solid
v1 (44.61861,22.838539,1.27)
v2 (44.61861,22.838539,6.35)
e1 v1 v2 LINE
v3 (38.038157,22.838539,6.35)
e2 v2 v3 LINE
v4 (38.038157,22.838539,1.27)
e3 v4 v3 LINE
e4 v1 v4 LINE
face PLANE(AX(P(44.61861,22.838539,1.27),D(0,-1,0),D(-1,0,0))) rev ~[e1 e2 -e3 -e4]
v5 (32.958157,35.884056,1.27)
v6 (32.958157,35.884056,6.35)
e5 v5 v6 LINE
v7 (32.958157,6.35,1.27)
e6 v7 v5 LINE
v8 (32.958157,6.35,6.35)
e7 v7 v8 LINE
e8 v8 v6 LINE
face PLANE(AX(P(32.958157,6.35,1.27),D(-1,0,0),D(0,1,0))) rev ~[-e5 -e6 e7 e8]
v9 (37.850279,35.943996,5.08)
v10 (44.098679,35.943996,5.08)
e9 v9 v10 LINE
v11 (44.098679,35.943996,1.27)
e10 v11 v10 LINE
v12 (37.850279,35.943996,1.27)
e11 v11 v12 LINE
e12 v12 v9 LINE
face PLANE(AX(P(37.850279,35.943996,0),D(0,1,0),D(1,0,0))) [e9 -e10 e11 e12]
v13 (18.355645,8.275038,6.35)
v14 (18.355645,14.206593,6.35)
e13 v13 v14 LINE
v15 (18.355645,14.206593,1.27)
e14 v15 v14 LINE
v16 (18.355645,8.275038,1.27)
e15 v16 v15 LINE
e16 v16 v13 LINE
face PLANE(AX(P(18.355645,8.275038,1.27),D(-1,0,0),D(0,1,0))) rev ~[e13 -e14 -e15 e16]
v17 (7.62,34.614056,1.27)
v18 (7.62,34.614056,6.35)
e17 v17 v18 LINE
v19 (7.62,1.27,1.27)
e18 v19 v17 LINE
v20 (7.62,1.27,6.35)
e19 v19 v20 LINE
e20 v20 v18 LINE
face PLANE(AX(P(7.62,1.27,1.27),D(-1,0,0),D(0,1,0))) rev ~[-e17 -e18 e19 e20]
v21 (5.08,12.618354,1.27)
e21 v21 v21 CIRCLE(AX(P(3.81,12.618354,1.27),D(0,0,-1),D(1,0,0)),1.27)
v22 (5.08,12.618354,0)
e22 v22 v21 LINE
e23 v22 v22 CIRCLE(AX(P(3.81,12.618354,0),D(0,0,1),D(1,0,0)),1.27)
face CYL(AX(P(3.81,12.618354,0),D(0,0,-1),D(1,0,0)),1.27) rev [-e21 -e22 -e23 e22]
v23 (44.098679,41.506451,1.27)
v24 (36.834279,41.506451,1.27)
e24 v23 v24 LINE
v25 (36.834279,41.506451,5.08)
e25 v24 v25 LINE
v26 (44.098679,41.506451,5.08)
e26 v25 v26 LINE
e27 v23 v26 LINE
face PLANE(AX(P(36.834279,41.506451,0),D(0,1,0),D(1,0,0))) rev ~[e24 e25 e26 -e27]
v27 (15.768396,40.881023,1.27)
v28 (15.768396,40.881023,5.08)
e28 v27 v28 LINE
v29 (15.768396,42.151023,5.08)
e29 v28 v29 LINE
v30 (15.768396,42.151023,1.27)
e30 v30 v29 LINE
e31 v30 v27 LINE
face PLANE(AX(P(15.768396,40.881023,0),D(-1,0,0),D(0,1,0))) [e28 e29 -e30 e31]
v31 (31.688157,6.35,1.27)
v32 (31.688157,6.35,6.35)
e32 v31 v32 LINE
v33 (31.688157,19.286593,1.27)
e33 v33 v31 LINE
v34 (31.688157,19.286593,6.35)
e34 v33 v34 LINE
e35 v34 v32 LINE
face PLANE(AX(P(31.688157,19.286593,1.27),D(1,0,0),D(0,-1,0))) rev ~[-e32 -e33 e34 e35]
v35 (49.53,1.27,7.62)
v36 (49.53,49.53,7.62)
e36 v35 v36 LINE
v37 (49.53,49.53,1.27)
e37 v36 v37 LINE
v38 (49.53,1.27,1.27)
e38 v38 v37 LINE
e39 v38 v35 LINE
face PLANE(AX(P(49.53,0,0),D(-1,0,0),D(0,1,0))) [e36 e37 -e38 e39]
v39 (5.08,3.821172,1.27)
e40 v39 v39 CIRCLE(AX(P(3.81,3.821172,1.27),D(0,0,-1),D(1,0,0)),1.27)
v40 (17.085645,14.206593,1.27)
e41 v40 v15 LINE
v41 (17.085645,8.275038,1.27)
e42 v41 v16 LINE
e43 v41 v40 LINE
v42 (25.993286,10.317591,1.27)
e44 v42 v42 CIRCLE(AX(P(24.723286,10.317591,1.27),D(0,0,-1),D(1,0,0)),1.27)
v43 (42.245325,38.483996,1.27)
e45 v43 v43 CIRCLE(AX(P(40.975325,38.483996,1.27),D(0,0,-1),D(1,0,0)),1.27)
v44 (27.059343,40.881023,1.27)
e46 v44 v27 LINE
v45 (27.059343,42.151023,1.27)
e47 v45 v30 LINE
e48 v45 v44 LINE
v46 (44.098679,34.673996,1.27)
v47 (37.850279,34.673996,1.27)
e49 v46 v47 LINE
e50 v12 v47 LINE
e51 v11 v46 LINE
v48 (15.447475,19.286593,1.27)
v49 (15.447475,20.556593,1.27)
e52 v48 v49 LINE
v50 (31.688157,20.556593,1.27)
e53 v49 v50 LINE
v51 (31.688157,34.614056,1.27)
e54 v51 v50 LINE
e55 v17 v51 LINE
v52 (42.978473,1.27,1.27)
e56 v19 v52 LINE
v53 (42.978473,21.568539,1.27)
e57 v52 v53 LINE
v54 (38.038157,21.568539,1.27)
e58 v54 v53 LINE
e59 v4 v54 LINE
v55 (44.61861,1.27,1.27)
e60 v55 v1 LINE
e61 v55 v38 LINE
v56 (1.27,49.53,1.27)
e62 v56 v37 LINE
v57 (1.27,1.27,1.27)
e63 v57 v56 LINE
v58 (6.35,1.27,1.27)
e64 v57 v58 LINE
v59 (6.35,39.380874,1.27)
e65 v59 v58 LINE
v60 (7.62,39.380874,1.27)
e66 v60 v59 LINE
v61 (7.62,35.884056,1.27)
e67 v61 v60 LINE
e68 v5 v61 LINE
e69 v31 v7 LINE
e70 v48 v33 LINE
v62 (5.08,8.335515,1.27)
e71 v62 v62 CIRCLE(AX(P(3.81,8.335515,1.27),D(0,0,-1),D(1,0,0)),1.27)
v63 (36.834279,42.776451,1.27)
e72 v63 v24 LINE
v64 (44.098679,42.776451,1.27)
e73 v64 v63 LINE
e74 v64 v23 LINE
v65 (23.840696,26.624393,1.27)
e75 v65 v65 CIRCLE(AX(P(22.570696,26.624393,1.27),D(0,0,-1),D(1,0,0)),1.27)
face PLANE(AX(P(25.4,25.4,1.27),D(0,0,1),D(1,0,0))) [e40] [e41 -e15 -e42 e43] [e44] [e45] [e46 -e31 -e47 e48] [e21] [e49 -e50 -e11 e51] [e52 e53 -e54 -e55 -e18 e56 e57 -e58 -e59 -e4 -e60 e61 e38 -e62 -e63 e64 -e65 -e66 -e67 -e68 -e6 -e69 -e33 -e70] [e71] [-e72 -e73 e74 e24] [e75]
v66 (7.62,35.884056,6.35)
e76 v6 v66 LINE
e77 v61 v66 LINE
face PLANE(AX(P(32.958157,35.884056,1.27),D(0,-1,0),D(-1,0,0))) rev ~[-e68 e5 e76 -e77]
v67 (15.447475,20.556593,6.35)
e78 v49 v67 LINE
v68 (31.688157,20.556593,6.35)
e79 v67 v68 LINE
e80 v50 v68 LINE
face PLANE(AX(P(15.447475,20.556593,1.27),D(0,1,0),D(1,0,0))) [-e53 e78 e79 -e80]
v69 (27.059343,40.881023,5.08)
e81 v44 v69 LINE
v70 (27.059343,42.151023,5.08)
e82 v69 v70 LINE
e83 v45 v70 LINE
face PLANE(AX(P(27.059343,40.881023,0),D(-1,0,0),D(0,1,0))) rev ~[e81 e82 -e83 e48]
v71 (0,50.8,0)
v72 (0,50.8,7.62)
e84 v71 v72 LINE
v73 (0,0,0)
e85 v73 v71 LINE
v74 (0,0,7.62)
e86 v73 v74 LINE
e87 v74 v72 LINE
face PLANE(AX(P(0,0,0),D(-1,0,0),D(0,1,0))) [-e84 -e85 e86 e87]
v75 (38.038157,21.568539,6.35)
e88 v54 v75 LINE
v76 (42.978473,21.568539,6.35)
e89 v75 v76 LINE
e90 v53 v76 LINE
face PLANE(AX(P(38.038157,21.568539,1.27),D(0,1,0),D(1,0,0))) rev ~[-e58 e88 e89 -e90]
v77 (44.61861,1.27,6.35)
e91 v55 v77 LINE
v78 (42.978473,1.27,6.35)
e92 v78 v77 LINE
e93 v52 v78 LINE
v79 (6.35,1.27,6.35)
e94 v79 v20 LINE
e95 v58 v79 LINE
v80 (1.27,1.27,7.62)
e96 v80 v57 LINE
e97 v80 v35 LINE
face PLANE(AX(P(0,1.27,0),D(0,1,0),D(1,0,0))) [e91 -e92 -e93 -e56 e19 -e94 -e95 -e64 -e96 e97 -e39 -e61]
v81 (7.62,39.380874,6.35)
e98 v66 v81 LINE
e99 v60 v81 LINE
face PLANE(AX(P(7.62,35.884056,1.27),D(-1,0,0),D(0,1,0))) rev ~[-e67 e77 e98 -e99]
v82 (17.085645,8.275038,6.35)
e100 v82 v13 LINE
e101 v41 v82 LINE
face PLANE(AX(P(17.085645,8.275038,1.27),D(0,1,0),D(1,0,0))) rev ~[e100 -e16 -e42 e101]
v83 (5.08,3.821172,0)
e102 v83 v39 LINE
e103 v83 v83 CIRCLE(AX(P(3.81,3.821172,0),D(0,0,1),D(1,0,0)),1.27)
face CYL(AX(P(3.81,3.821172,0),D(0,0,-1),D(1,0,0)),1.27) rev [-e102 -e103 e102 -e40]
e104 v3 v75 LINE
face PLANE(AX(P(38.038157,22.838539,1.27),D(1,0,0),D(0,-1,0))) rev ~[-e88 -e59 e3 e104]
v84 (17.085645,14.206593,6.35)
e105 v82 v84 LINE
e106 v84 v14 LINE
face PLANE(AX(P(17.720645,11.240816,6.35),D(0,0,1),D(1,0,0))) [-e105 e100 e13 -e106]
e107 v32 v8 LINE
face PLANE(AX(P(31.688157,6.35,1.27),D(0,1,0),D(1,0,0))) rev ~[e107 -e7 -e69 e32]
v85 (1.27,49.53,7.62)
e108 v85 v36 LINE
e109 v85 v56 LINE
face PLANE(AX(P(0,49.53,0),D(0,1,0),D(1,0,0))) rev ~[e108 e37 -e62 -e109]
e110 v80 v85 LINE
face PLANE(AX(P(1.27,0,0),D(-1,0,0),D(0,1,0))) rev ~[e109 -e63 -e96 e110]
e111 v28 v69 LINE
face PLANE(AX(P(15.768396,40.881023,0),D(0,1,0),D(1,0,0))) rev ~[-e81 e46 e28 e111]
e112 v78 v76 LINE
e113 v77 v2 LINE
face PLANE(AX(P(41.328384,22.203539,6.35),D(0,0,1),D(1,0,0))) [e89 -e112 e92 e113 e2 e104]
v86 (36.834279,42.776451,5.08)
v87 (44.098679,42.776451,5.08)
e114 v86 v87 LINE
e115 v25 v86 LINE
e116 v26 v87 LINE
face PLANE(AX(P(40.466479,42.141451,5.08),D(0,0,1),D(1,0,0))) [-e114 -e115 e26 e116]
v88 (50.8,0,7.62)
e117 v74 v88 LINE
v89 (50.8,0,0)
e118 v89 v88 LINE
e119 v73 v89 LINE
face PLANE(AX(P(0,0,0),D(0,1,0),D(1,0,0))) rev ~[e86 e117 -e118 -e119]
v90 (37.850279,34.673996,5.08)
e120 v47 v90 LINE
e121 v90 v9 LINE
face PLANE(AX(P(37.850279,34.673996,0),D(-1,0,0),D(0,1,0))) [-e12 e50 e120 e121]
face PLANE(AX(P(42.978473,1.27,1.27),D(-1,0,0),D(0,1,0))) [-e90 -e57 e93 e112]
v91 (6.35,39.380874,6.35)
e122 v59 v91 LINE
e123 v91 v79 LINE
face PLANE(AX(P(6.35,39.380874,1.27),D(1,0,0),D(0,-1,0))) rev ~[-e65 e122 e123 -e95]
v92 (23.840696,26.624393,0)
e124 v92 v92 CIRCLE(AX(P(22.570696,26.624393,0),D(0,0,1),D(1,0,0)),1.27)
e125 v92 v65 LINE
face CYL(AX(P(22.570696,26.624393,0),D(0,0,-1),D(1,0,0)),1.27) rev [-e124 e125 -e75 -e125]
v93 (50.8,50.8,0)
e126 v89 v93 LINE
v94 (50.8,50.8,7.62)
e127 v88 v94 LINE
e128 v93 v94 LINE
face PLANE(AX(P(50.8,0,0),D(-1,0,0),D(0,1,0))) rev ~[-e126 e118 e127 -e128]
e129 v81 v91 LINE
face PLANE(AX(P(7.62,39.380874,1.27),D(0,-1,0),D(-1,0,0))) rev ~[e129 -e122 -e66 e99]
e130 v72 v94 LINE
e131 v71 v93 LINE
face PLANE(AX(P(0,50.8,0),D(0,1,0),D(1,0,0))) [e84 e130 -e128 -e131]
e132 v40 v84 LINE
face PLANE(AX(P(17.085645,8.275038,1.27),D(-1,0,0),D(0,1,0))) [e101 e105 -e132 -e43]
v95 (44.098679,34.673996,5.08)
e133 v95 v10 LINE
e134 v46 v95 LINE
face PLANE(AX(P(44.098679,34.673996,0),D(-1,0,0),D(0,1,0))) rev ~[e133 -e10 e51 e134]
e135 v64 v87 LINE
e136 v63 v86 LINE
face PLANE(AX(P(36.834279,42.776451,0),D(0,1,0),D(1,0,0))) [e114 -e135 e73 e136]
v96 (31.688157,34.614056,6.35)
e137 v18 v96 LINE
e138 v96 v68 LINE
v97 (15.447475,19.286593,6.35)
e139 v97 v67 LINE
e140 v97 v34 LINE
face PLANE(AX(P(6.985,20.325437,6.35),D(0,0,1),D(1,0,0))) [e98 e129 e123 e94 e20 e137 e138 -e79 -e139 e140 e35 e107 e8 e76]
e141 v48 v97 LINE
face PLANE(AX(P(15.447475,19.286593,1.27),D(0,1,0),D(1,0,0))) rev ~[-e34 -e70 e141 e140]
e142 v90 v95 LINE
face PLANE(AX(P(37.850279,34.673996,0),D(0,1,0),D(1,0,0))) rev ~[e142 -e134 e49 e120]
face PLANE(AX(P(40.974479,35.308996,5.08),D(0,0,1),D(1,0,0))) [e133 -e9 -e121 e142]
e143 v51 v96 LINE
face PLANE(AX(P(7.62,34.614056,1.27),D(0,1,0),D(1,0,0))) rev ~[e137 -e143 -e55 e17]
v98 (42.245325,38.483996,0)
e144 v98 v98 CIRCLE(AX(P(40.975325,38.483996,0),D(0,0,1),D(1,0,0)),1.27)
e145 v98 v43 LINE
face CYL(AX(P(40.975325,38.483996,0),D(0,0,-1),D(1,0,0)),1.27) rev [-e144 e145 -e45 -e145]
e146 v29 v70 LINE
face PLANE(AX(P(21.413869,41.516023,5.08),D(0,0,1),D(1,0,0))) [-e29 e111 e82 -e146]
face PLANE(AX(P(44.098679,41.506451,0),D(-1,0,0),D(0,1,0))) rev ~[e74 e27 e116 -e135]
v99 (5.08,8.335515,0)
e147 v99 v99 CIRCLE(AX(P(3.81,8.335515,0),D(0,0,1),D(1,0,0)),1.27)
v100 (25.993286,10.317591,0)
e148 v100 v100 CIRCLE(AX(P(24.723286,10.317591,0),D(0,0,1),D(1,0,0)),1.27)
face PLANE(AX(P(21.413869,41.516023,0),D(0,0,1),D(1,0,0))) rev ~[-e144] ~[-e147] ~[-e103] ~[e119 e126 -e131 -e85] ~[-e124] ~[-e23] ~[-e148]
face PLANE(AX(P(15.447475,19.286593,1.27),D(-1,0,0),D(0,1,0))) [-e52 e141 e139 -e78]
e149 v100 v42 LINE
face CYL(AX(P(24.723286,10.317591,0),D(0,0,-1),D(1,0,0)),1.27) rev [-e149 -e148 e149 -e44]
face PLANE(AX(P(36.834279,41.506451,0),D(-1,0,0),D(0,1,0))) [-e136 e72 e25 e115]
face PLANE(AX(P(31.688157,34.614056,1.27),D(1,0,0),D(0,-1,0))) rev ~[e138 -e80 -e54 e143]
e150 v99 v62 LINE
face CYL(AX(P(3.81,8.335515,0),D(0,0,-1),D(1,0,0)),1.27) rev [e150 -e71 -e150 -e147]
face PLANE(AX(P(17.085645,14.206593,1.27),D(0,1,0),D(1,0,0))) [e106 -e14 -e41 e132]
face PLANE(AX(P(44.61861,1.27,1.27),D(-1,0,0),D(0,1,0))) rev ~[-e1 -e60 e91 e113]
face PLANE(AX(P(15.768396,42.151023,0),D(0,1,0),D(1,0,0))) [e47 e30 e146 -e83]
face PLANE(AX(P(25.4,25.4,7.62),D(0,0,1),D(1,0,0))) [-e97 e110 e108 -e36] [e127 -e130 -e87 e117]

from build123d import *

# Parameters (mm, degrees)
F0_W      = 50.8
F0_H      = 50.8
F1_DEPTH  = 7.62
F2_T      = -1.27
F3_W      = 16.2406819105
F3_H      = 1.27
F3_W_2    = 1.27
F3_H_2    = 5.9315557909
F3_W_3    = 24.0681569266
F3_W_4    = 1.640137285
F3_H_3    = 20.2985386211
F4_DEPTH  = 5.08
F5_W      = 7.2644
F5_H      = 1.27
F5_W_2    = 6.2484
F6_DEPTH  = 5.08
F7_R      = 1.27
F8_DEPTH  = 203.2
F9_W      = 11.2909469754
F9_H      = 1.27
F10_DEPTH = 5.08
F11_R     = 1.27
F12_DEPTH = 203.2


with BuildPart() as f1:
    # F0 (on Top) → F1 (new body)
    with BuildSketch(Plane.XY):
        with Locations((25.4, 25.4)):
            Rectangle(F0_W, F0_H)
    extrude(amount=F1_DEPTH)

    # F2
    f2_openings = [f1.faces().sort_by_distance(p)[0] for p in [
        (25.4, 25.4, 7.62),
    ]]
    offset(amount=F2_T, openings=f2_openings)

    # F3 (on face) → F4 (join)
    with BuildSketch(Plane.XY.offset(1.27)):
        Polygon((6.35, 39.3808744848), (6.35, 1.27), (7.62, 1.27), (7.62, 34.6140562403), (7.62, 35.8840562403), (7.62, 39.3808744848), align=None)
        with Locations((23.5678159714, 19.9215934223)):
            Rectangle(F3_W, F3_H)
        with Locations((17.7206453478, 11.2408155268)):
            Rectangle(F3_W_2, F3_H_2)
        Polygon((31.6881569266, 35.8840562403), (31.6881569266, 34.6140562403), (31.6881569266, 20.5565934223), (31.6881569266, 19.2865934223), (31.6881569266, 6.35), (32.9581569266, 6.35), (32.9581569266, 35.8840562403), align=None)
        with Locations((19.6540784633, 35.2490562403)):
            Rectangle(F3_W_3, F3_H)
        Polygon((38.0381569266, 21.5685386211), (42.9784730077, 21.5685386211), (44.6186102927, 21.5685386211), (44.6186102927, 22.8385386211), (38.0381569266, 22.8385386211), align=None)
        with Locations((43.7985416502, 11.4192693105)):
            Rectangle(F3_W_4, F3_H_3)
    extrude(amount=F4_DEPTH)

    # F5 (on Top) → F6 (join)
    with BuildSketch(Plane.XY):
        with Locations((40.4664789763, 42.1414506233)):
            Rectangle(F5_W, F5_H)
        with Locations((40.9744789763, 35.3089962697)):
            Rectangle(F5_W_2, F5_H)
    extrude(amount=F6_DEPTH)

    # F7 (on Top) → F8 (cut)
    with BuildSketch(Plane.XY):
        with Locations((3.81, 3.8211722858)):
            Circle(F7_R)
        with Locations((3.81, 8.3355149254)):
            Circle(F7_R)
        with Locations((3.81, 12.6183535904)):
            Circle(F7_R)
        with Locations((40.9753248096, 38.4839962697)):
            Circle(F7_R)
        with Locations((22.5706957281, 26.6243927181)):
            Circle(F7_R)
    extrude(amount=F8_DEPTH, mode=Mode.SUBTRACT)

    # F9 (on Top) → F10 (join)
    with BuildSketch(Plane.XY):
        with Locations((21.4138692245, 41.5160228109)):
            Rectangle(F9_W, F9_H)
    extrude(amount=F10_DEPTH)

    # F11 (on Top) → F12 (cut)
    with BuildSketch(Plane.XY):
        with Locations((24.7232858092, 10.317591019)):
            Circle(F11_R)
    extrude(amount=F12_DEPTH, mode=Mode.SUBTRACT)


solid = f1.part
